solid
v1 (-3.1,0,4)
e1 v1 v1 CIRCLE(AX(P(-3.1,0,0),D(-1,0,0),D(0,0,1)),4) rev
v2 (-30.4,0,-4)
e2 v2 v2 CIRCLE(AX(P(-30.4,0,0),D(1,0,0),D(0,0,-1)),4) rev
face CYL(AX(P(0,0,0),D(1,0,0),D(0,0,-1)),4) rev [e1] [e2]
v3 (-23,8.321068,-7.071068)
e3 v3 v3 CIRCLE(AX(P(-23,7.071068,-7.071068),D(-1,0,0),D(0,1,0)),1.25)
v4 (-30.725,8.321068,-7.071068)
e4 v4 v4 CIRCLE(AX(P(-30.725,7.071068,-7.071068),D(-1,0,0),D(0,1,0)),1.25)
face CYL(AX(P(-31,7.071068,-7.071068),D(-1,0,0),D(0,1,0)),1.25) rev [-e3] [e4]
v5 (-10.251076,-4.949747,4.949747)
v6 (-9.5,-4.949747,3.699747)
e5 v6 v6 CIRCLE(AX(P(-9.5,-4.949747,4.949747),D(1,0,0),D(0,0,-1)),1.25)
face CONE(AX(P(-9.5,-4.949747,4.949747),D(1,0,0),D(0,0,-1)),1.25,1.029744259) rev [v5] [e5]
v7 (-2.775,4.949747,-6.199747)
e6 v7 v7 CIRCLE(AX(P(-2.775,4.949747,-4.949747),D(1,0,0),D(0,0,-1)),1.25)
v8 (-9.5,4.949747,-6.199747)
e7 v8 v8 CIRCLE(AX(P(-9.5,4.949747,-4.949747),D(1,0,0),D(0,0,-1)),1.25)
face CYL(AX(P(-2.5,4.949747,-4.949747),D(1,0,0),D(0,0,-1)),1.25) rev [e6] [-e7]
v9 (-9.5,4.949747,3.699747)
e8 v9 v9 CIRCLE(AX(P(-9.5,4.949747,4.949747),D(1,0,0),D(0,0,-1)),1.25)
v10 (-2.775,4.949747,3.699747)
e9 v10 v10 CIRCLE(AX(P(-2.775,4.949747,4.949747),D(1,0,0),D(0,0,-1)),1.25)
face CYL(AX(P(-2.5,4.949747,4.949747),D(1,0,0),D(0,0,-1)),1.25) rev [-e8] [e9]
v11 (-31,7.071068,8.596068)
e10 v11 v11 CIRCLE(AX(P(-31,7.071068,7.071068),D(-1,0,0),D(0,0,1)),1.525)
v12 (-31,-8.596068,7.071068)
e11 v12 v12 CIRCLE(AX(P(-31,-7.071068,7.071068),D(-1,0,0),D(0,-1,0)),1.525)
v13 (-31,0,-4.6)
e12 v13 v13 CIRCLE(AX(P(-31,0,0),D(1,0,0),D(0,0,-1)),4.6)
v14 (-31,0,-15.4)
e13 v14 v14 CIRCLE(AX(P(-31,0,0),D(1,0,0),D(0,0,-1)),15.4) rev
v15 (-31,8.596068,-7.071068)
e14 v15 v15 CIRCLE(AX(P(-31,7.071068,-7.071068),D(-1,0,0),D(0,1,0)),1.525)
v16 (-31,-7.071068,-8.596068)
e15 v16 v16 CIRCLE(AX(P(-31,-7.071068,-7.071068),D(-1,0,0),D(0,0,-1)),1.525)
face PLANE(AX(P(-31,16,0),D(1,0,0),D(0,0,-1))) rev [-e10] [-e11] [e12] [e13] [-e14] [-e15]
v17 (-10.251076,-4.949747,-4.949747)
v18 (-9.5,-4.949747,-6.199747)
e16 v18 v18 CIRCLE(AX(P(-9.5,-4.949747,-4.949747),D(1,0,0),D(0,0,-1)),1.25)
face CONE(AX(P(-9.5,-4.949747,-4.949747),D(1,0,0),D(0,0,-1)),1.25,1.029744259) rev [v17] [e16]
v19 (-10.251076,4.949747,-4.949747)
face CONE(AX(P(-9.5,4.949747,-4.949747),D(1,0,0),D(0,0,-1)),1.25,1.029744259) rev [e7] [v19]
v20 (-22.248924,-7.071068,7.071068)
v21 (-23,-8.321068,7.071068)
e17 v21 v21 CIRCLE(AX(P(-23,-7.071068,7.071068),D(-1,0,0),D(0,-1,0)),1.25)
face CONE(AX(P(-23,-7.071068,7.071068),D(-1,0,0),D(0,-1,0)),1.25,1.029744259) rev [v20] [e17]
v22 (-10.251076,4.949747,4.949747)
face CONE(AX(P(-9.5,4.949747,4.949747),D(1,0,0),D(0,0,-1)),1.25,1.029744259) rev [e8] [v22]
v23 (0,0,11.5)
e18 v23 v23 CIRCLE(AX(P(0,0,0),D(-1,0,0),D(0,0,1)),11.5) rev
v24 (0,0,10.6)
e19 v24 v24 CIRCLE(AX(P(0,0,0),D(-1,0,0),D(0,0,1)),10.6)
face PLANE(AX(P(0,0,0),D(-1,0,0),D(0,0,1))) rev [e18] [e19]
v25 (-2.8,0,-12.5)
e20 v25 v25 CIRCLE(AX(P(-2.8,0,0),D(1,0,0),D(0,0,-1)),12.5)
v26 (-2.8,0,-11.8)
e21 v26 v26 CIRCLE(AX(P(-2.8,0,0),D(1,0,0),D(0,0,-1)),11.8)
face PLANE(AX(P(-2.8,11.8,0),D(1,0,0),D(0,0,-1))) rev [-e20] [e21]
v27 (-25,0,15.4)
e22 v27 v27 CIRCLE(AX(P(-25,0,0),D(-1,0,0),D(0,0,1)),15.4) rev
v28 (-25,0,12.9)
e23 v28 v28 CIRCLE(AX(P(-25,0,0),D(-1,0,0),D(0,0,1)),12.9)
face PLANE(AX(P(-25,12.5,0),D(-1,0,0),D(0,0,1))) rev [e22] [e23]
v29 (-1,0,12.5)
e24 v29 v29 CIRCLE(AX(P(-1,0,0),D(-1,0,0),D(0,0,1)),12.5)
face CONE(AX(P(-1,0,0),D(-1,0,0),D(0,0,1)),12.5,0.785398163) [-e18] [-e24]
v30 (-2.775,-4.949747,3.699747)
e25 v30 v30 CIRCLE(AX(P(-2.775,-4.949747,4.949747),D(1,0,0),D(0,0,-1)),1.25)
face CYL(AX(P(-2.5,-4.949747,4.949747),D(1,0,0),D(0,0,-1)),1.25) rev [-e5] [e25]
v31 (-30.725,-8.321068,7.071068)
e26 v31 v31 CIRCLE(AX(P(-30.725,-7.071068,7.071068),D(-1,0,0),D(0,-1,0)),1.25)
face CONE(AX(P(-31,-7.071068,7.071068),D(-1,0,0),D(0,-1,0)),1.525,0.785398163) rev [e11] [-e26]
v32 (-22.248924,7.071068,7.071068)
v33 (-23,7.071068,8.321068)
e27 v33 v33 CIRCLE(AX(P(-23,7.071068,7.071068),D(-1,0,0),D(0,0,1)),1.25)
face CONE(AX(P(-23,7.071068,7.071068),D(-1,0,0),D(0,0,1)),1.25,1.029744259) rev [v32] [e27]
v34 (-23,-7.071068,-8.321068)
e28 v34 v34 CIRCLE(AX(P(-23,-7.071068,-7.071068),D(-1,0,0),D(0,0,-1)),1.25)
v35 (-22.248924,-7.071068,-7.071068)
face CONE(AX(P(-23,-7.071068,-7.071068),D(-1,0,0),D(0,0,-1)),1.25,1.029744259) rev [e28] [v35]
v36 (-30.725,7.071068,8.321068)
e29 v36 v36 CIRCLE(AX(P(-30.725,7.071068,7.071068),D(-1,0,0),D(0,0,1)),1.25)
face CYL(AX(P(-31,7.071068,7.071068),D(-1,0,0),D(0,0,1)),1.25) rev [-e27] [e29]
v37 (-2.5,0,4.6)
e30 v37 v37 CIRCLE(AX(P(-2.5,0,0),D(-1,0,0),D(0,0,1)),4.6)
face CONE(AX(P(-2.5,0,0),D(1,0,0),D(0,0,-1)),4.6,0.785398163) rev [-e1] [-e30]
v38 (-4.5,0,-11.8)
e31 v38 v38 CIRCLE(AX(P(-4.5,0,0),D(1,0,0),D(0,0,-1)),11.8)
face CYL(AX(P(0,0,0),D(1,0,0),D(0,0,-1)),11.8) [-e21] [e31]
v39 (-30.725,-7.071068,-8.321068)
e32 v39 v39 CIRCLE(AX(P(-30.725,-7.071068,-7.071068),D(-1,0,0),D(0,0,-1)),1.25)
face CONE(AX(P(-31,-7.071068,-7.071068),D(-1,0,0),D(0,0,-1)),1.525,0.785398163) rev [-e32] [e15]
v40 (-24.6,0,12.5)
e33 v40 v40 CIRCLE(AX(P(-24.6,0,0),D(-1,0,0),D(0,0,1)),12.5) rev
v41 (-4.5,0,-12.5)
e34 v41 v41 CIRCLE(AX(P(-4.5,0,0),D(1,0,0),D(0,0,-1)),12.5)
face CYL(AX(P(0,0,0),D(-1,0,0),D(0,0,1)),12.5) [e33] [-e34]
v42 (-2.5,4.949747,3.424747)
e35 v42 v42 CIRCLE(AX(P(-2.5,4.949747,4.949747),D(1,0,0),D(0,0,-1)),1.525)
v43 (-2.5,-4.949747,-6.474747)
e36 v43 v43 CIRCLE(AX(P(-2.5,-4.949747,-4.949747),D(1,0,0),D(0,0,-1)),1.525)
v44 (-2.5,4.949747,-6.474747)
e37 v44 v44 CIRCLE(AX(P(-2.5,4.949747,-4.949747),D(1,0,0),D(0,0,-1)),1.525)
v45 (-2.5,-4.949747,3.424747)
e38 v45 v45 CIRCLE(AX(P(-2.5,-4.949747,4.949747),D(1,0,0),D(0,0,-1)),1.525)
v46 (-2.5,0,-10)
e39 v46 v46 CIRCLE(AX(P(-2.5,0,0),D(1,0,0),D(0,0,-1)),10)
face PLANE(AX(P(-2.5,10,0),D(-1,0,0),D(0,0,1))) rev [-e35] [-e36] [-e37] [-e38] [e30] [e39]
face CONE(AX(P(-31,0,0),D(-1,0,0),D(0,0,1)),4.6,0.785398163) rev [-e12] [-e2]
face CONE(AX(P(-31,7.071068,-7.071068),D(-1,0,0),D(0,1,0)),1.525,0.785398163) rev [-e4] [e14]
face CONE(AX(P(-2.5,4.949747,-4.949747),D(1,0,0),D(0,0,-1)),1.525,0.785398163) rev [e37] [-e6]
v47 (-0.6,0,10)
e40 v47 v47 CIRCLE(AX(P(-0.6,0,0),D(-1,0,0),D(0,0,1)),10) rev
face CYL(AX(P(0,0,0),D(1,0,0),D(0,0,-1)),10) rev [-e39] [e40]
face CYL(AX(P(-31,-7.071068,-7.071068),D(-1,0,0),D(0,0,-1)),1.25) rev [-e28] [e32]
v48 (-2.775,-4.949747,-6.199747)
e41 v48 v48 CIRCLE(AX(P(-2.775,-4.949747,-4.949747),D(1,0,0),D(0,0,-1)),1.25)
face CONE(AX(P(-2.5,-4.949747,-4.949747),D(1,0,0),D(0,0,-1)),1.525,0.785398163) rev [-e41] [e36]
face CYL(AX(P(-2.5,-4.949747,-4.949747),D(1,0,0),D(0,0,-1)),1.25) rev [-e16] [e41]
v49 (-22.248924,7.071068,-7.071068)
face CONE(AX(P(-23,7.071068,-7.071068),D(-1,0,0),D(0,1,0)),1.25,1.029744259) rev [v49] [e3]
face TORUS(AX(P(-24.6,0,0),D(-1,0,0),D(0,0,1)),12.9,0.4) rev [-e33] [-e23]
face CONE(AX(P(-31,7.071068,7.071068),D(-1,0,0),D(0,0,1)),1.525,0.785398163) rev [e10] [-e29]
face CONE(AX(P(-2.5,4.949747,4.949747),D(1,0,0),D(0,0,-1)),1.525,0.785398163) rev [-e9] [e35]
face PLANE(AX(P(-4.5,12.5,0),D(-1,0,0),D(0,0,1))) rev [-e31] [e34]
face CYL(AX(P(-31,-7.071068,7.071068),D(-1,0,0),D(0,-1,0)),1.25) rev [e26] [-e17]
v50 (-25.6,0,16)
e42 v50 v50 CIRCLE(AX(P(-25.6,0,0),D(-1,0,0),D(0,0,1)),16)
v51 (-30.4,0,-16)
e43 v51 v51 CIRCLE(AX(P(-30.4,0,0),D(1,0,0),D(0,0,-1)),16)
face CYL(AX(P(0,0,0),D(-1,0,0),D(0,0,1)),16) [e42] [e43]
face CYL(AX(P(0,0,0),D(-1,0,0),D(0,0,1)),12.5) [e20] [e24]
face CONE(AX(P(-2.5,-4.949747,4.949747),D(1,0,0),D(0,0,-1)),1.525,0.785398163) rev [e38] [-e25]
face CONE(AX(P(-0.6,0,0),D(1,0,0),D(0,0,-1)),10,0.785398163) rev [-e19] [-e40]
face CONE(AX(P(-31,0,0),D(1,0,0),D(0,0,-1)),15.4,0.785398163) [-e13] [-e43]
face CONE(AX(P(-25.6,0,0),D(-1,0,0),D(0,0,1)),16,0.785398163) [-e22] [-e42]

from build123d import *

# Parameters (mm, degrees)
SKETCH_2_W               = 1.7
SKETCH_2_H               = 0.7
CHAMFER_1_SIZE           = 1
FILLET_1_R               = 0.4
SKETCH_5_W               = 2.5
SKETCH_5_H               = 10
PATTERN_CIRCULAR_1_COUNT = 4
CHAMFER_2_SIZE           = 0.6
SKETCH_6_W               = 31
SKETCH_6_H               = 4
CHAMFER_3_SIZE           = 0.6
PATTERN_CIRCULAR_2_COUNT = 4
CHAMFER_4_SIZE           = 0.6


with BuildPart() as part:
    # Эскиз1 → Повернуть1 (revolve)
    with BuildSketch(Plane.XY):
        Polygon((0, 0), (0, 12.5), (-25, 12.5), (-25, 16), (-31, 16), (-31, 0), align=None)
    revolve(axis=Axis((0, 0, 0), (1, 0, 0)))

    # Эскиз2 → Вырез-Повернуть1 (revolve, cut)
    with BuildSketch(Plane.XY):
        with Locations((-3.65, 12.15)):
            Rectangle(SKETCH_2_W, SKETCH_2_H)
    revolve(axis=Axis((0, 0, 0), (-1, 0, 0)), mode=Mode.SUBTRACT)

    # Фаска1
    chamfer_1_edges = [part.edges().sort_by_distance(p)[0] for p in [
        (0, -12.5, 0),
    ]]
    chamfer(chamfer_1_edges, length=CHAMFER_1_SIZE)

    # Скругление1
    fillet_1_edges = [part.edges().sort_by_distance(p)[0] for p in [
        (-25, -12.5, 0),
    ]]
    fillet(fillet_1_edges, radius=FILLET_1_R)

    # Эскиз5 → Вырез-Повернуть2 (revolve, cut)
    with BuildSketch(Plane.XY):
        with Locations((-1.25, 5)):
            Rectangle(SKETCH_5_W, SKETCH_5_H)
    revolve(axis=Axis((0, 0, 0), (-1, 0, 0)), mode=Mode.SUBTRACT)

    # Эскиз4 → Отверстие обработанное метчиком M31 (revolve, cut)
    with BuildSketch(Plane(origin=(-2.5, 4.949747468, -4.949747468), x_dir=(0, 0, -1), z_dir=(0, 1, 0))):
        Polygon((0, 0), (0, 7.751075774), (1.25, 7), (1.25, 0.275), (1.525, 0), align=None)
    hole_wizard_m31 = revolve(axis=Axis((3.85, 4.949747468, -4.949747468), (-1, 0, 0)), mode=Mode.SUBTRACT)

    # Круговой массив1: Отверстие обработанное метчиком M31 ×4 about axis
    pattern_circular_1_axis = Axis((0, 0, 0), (1, 0, 0))
    for i in range(1, PATTERN_CIRCULAR_1_COUNT):
        add(hole_wizard_m31.rotate(pattern_circular_1_axis, i * 360 / PATTERN_CIRCULAR_1_COUNT), mode=Mode.SUBTRACT)

    # Фаска2
    chamfer_2_edges = [part.edges().sort_by_distance(p)[0] for p in [
        (0, -10, 0),
    ]]
    chamfer(chamfer_2_edges, length=CHAMFER_2_SIZE)

    # Эскиз6 → Вырез-Повернуть3 (revolve, cut)
    with BuildSketch(Plane.XY):
        with Locations((-15.5, 2)):
            Rectangle(SKETCH_6_W, SKETCH_6_H)
    revolve(axis=Axis((0, 0, 0), (-1, 0, 0)), mode=Mode.SUBTRACT)

    # Фаска3
    chamfer_3_edges = [part.edges().sort_by_distance(p)[0] for p in [
        (-31, -4, 0),
        (-2.5, -4, 0),
    ]]
    chamfer(chamfer_3_edges, length=CHAMFER_3_SIZE)

    # Эскиз8 → Отверстие обработанное метчиком M32 (revolve, cut)
    with BuildSketch(Plane(origin=(-31, 7.071067812, 7.071067812), x_dir=(0, 0, 1), z_dir=(0, 1, 0))):
        Polygon((0, 0), (0, 8.751075774), (1.25, 8), (1.25, 0.275), (1.525, 0), align=None)
    hole_wizard_m32 = revolve(axis=Axis((-37.35, 7.071067812, 7.071067812), (1, 0, 0)), mode=Mode.SUBTRACT)

    # Круговой массив2: Отверстие обработанное метчиком M32 ×4 about axis
    pattern_circular_2_axis = Axis((0, 0, 0), (1, 0, 0))
    for i in range(1, PATTERN_CIRCULAR_2_COUNT):
        add(hole_wizard_m32.rotate(pattern_circular_2_axis, i * 360 / PATTERN_CIRCULAR_2_COUNT), mode=Mode.SUBTRACT)

    # Фаска4
    chamfer_4_edges = [part.edges().sort_by_distance(p)[0] for p in [
        (-31, -16, 0),
        (-25, -16, 0),
    ]]
    chamfer(chamfer_4_edges, length=CHAMFER_4_SIZE)


solid = part.part
